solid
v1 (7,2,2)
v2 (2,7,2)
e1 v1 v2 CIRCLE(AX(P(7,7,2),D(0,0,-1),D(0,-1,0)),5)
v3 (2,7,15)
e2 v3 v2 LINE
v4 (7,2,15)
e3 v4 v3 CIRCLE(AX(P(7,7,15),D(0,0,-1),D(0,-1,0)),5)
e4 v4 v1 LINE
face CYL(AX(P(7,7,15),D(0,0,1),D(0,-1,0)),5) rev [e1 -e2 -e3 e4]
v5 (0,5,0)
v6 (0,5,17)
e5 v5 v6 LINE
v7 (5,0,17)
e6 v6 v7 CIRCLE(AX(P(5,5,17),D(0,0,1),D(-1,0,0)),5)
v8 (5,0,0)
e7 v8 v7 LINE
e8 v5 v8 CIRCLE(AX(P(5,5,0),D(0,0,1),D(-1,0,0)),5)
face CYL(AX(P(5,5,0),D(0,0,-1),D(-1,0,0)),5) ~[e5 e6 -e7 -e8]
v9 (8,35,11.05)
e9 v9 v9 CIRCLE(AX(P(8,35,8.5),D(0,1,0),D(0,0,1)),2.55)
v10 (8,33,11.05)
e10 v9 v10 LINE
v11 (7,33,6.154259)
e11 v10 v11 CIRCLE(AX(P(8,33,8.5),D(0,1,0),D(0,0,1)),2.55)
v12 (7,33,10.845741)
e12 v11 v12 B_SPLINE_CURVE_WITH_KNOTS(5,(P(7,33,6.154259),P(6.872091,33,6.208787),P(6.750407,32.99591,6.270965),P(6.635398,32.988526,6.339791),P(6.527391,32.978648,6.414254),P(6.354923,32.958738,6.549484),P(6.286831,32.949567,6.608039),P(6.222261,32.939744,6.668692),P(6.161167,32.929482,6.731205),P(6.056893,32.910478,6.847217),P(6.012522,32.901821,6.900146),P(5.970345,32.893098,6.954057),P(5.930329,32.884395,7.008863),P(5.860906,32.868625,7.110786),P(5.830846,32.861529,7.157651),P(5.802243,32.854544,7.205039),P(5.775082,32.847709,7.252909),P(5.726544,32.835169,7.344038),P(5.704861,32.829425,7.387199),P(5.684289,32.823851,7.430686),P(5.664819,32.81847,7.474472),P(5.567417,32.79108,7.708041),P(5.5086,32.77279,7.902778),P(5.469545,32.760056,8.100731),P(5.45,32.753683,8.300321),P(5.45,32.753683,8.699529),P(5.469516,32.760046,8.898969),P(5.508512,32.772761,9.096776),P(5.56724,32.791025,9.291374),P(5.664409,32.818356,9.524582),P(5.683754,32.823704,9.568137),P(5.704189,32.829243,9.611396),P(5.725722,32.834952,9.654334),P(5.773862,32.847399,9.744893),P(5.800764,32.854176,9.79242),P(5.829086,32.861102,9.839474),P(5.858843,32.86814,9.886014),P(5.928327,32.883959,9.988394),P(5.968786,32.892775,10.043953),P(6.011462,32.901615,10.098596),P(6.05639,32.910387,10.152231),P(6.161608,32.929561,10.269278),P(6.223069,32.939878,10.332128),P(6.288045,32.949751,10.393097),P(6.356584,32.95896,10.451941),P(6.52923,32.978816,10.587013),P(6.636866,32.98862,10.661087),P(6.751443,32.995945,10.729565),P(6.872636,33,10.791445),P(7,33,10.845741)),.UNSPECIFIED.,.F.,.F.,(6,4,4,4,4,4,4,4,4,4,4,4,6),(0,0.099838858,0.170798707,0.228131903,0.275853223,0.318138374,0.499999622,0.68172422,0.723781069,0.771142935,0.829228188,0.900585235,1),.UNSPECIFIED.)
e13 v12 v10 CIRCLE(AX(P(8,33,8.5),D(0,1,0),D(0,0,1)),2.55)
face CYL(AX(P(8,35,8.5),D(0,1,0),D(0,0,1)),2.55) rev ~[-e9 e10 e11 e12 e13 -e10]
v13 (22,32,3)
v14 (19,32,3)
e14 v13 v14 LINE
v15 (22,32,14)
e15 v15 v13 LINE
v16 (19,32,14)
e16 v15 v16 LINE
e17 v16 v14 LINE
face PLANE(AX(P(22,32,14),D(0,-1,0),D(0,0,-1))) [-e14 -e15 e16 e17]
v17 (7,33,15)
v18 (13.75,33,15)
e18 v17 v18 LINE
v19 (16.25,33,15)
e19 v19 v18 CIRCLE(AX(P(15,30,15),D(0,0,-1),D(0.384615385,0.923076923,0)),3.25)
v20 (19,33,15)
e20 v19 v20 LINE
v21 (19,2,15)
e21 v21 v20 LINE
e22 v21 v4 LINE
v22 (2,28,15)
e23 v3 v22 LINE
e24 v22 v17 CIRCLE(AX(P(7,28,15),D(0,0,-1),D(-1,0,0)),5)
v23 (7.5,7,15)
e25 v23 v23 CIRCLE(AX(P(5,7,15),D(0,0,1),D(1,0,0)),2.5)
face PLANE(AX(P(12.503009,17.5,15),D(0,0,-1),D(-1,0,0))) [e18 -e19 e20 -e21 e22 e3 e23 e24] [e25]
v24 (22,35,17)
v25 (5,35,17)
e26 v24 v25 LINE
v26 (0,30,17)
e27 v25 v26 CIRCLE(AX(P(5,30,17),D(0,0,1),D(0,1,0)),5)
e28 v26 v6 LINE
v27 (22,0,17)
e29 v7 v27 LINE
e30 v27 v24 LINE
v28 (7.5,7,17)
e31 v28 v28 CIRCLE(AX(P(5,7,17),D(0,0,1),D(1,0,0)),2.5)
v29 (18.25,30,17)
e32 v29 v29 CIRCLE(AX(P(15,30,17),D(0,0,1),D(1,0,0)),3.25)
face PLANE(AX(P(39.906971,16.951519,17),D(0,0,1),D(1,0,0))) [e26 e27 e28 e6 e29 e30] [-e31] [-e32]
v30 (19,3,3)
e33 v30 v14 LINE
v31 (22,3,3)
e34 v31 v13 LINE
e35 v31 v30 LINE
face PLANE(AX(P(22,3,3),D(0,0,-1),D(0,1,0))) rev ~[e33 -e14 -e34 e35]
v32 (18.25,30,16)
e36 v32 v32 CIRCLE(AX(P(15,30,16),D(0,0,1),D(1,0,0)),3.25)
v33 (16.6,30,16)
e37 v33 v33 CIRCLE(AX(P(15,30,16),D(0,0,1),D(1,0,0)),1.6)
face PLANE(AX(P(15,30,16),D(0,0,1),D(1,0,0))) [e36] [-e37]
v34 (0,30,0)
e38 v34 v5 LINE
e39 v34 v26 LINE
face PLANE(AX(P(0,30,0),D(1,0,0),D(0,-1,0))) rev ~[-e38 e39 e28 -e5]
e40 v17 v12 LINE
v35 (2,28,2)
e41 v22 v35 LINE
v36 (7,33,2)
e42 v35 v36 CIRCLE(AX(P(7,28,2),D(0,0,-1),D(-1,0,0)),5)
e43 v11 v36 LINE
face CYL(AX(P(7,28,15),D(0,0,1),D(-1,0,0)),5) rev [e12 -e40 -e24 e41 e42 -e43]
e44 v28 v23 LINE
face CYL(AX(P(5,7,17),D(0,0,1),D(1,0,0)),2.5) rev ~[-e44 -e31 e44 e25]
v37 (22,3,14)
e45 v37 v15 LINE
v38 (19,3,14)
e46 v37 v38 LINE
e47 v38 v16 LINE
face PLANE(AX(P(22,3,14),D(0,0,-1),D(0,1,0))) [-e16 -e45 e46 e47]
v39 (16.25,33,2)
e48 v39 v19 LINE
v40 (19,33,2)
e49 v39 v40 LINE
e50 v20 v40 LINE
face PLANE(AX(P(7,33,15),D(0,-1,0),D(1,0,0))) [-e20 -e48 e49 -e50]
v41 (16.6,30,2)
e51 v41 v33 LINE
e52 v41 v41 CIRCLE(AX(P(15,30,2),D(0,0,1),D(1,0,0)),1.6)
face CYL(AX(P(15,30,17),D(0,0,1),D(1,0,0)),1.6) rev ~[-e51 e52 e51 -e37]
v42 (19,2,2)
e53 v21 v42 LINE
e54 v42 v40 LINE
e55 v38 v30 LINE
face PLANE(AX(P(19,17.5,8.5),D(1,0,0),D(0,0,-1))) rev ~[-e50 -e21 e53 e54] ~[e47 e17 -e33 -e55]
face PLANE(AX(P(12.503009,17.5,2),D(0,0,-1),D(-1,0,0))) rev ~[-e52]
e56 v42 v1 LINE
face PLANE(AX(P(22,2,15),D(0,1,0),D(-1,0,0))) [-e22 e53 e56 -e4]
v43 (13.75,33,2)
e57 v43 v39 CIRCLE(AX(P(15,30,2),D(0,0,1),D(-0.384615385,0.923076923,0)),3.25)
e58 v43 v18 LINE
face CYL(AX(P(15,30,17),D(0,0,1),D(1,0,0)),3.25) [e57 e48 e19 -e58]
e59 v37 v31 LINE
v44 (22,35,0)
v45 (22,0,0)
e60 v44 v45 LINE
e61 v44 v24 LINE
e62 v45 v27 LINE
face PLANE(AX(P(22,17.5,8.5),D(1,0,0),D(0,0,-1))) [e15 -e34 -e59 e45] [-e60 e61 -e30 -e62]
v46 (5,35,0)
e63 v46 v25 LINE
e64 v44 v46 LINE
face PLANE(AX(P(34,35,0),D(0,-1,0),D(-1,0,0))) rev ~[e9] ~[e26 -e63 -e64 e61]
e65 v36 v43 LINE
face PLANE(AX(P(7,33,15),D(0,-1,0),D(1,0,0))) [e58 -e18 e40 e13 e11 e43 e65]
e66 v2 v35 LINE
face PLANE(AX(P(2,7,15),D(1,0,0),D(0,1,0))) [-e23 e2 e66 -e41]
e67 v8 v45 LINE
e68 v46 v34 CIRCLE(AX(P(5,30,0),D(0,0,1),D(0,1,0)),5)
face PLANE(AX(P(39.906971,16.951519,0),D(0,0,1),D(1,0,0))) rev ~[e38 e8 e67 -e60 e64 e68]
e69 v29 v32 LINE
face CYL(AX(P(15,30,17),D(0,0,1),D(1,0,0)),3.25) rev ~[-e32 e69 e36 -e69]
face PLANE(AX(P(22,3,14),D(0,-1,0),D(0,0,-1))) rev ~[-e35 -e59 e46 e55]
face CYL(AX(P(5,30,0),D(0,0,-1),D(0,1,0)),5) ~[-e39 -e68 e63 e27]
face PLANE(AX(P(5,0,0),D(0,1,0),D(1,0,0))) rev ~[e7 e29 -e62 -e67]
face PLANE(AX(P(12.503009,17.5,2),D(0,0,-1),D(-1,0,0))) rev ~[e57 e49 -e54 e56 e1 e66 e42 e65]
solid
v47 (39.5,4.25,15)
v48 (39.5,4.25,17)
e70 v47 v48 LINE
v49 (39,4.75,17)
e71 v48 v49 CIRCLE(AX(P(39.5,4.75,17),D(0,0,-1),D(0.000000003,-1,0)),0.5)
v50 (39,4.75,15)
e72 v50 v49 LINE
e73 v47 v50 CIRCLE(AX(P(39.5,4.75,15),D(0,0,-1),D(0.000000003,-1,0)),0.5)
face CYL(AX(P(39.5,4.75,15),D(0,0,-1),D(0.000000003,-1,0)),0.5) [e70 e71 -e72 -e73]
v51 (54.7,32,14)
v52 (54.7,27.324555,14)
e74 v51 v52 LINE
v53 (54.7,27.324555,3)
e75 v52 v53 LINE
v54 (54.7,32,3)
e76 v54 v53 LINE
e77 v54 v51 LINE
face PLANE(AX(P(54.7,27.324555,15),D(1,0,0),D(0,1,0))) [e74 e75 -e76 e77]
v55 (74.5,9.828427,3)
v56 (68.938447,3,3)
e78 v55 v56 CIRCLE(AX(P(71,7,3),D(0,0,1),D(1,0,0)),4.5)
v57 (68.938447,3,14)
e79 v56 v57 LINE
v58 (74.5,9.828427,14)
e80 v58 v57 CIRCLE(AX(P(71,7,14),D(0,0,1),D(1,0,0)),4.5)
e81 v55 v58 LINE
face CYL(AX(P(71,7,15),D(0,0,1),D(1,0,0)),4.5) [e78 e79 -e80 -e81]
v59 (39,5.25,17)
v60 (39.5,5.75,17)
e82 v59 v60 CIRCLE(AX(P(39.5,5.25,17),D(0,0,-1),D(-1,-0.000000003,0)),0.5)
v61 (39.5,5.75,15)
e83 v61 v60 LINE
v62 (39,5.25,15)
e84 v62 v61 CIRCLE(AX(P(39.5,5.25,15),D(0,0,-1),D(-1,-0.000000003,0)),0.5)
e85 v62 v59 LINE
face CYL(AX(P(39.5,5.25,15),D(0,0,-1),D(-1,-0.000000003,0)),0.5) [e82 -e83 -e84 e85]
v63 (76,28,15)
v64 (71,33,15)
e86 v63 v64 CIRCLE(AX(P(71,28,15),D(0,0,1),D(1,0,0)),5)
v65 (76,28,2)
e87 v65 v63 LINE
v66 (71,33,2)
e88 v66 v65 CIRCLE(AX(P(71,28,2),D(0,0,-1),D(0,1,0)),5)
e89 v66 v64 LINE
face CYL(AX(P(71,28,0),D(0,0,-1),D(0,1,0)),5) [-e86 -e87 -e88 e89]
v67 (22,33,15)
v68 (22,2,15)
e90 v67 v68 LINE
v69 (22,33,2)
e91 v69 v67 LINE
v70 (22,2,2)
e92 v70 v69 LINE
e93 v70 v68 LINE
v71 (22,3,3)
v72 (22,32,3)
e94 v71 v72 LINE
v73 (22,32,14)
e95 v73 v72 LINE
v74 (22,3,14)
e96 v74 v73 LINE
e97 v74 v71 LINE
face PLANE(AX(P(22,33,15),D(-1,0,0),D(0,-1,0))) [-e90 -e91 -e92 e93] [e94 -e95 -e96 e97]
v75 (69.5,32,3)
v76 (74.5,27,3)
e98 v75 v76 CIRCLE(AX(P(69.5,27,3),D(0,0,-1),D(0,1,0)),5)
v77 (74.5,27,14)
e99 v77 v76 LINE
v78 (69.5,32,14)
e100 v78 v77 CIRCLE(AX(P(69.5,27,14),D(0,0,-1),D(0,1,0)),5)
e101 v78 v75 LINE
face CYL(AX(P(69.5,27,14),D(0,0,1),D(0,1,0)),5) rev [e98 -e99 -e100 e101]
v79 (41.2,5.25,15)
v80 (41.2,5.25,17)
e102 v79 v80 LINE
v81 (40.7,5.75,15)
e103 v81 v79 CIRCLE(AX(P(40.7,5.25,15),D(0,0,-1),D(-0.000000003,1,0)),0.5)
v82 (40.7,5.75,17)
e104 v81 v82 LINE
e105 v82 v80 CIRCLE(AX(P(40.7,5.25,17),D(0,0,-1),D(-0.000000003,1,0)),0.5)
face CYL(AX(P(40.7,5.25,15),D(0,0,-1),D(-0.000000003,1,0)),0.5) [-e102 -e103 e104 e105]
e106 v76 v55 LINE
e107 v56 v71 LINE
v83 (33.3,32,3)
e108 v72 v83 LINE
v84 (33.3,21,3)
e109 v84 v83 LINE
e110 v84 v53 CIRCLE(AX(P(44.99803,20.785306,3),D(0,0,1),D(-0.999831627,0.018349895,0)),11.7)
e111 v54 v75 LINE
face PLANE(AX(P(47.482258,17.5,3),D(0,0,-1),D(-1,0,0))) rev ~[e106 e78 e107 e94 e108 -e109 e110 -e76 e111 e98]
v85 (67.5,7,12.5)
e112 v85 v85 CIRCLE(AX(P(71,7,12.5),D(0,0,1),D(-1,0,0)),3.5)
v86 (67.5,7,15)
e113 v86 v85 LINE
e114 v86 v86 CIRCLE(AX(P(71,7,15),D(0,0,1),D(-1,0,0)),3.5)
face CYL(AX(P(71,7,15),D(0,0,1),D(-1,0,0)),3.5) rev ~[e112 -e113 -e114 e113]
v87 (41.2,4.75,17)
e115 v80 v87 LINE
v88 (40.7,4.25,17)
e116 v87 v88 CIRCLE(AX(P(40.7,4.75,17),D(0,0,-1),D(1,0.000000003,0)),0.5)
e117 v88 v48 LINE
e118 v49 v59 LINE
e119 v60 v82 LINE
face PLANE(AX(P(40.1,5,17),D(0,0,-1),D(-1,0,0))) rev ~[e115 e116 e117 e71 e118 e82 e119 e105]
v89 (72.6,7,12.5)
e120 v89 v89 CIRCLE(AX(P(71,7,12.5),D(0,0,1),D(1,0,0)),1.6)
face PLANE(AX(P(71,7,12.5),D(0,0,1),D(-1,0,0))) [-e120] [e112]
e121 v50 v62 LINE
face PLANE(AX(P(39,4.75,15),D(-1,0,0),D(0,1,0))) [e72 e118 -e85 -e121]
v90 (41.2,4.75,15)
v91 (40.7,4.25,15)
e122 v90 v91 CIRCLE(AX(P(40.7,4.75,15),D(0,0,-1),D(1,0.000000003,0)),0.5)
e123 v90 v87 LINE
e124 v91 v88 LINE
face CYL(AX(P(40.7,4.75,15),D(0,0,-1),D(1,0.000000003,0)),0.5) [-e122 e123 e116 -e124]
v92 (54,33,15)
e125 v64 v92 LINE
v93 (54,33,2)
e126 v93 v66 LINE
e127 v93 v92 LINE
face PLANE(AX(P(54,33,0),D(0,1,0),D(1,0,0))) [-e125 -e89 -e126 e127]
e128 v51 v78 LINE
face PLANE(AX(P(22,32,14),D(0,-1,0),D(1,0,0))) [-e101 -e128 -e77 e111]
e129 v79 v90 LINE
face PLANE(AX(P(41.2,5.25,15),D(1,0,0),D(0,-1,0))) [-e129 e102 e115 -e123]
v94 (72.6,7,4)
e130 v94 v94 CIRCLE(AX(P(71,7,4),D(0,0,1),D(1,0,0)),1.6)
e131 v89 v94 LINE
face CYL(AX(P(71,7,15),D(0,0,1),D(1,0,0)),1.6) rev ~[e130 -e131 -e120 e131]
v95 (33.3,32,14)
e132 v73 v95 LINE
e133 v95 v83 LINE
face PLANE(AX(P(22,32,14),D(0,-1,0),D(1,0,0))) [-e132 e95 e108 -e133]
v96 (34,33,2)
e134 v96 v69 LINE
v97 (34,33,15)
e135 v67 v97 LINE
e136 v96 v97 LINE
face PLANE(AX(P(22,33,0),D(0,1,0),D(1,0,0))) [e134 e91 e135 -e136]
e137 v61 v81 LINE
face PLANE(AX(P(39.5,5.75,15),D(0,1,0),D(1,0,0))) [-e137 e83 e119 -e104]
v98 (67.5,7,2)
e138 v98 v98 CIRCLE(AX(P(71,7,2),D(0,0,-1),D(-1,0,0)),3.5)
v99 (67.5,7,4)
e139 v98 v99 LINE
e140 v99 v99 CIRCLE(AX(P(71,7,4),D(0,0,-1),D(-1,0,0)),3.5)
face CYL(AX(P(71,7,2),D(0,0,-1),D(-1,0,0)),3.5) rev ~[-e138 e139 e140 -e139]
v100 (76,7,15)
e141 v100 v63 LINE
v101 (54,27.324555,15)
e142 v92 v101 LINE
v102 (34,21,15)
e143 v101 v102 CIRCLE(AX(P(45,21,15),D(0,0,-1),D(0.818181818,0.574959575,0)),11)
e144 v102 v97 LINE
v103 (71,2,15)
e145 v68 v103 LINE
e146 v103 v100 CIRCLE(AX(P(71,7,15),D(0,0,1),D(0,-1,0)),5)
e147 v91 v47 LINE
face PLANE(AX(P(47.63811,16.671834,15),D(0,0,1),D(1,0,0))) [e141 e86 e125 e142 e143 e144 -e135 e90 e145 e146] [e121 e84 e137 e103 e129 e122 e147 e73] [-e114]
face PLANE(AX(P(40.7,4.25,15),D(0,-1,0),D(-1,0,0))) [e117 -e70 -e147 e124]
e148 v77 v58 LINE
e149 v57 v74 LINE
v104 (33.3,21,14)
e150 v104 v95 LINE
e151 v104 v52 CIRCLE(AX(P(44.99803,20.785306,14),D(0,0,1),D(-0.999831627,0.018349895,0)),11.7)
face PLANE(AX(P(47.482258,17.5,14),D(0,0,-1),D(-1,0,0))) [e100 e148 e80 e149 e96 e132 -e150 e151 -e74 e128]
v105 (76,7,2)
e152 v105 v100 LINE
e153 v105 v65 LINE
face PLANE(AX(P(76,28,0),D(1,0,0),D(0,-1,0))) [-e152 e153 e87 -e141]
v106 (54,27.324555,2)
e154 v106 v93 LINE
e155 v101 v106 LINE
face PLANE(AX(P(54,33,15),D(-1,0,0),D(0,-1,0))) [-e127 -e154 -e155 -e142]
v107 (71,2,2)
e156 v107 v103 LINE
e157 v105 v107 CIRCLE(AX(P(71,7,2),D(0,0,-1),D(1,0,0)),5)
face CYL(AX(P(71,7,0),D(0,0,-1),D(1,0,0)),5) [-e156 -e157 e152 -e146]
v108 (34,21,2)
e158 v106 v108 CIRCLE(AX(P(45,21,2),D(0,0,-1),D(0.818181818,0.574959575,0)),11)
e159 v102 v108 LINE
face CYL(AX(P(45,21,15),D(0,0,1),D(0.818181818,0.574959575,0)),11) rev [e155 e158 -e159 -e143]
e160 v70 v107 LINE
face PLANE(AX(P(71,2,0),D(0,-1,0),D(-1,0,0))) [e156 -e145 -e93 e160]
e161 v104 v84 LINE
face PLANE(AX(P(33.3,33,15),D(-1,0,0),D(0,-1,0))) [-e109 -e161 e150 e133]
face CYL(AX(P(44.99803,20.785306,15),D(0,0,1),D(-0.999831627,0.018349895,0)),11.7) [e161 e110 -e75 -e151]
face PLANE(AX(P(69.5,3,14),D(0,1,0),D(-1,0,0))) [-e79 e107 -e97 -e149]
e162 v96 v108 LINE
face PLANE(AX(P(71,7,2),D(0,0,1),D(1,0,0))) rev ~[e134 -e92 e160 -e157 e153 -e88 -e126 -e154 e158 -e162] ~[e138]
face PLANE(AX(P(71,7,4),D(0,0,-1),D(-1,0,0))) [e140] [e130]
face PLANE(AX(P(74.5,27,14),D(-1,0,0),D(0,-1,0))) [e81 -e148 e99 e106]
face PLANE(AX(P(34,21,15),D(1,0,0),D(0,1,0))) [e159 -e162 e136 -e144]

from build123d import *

# Parameters (mm, degrees)
BOSS_EXTRUDE1_DEPTH  = 17
CUT_EXTRUDE1_START   = -17
SKETCH3_W            = 12
SKETCH3_H            = 2
CUT_EXTRUDE1_DEPTH   = 17
CUT_EXTRUDE2_START   = -2
CUT_EXTRUDE2_DEPTH   = 2
SKETCH5_W            = 60
SKETCH5_H            = 35
CUT_EXTRUDE3_DEPTH   = 2
CUT_EXTRUDE4_DEPTH   = 11
CUT_EXTRUDE11_DEPTH  = 13
BOSS_EXTRUDE2_DEPTH  = 2
SKETCH13_R           = 2.5
CUT_EXTRUDE12_DEPTH  = 5
SKETCH14_R           = 2.55
CUT_EXTRUDE14_DEPTH  = 15
BOSS_EXTRUDE5_REACH  = 87.381
SKETCH15_R           = 3.25
SKETCH15_R_2         = 1.6
SKETCH15_4_R         = 3.25
SKETCH15_4_R_2       = 1.6
CUT_EXTRUDE16_DEPTH  = 1
SKETCH18_R           = 1.6
CUT_EXTRUDE17_DEPTH  = 15
SKETCH20_R           = 4.5
SKETCH20_R_2         = 1.6
BOSS_EXTRUDE6_DEPTH  = 13
SKETCH20_3_R         = 1.6
CUT_EXTRUDE20_DEPTH  = 86.005882191
SKETCH22_W           = 13
SKETCH22_H           = 31
SKETCH22_W_2         = 11
SKETCH22_H_2         = 29
BOSS_EXTRUDE7_DEPTH  = 3
SKETCH21_R           = 3.5
CUT_EXTRUDE21_DEPTH  = 2
SKETCH29_R           = 3.5
CUT_EXTRUDE22_DEPTH  = 2.5
BOSS_EXTRUDE10_DEPTH = 13


with BuildPart() as part:
    # Sketch1 → Boss-Extrude1 (new body)
    with BuildSketch(Plane.XY):
        with BuildLine():
            ThreePointArc((0, 5), (1.464466094, 1.464466094), (5, 0))
            Line((5, 0), (73, 0))
            ThreePointArc((73, 0), (76.535533906, 1.464466094), (78, 5))
            Line((78, 5), (78, 30))
            ThreePointArc((78, 30), (76.535533906, 33.535533906), (73, 35))
            Line((73, 35), (54, 35))
            Line((54, 35), (54, 27.32455532))
            ThreePointArc((54, 27.32455532), (48.31662479, 10.511911518), (34, 21))
            Line((34, 21), (34, 35))
            Line((34, 35), (5, 35))
            ThreePointArc((5, 35), (1.464466094, 33.535533906), (0, 30))
            Line((0, 30), (0, 5))
        make_face()
    extrude(amount=BOSS_EXTRUDE1_DEPTH)

    # Sketch3 → Cut-Extrude1 (cut)
    with BuildSketch(Plane.XY.offset(17).offset(CUT_EXTRUDE1_START)):
        with Locations((28, 34)):
            Rectangle(SKETCH3_W, SKETCH3_H)
        with BuildLine():
            Line((54, 33), (71, 33))
            ThreePointArc((71, 33), (74.535533906, 31.535533906), (76, 28))
            Line((76, 28), (76, 7))
            ThreePointArc((76, 7), (74.535533906, 3.464466094), (71, 2))
            Line((71, 2), (22, 2))
            Line((22, 2), (22, 0))
            Line((22, 0), (73, 0))
            ThreePointArc((73, 0), (76.535533906, 1.464466094), (78, 5))
            Line((78, 5), (78, 30))
            ThreePointArc((78, 30), (76.535533906, 33.535533906), (73, 35))
            Line((73, 35), (54, 35))
            Line((54, 35), (54, 33))
        make_face()
    extrude(amount=CUT_EXTRUDE1_DEPTH, mode=Mode.SUBTRACT)

    # Sketch3<3> → Cut-Extrude2 (cut)
    with BuildSketch(Plane.XY.offset(17).offset(CUT_EXTRUDE2_START)):
        with BuildLine():
            ThreePointArc((76, 28), (74.535533906, 31.535533906), (71, 33))
            Line((71, 33), (54, 33))
            Line((54, 33), (54, 27.32455532))
            ThreePointArc((54, 27.32455532), (48.31662479, 10.511911518), (34, 21))
            Line((34, 21), (34, 33))
            Line((34, 33), (22, 33))
            Line((22, 33), (22, 2))
            Line((22, 2), (71, 2))
            ThreePointArc((71, 2), (74.535533906, 3.464466094), (76, 7))
            Line((76, 7), (76, 28))
        make_face()
    extrude(amount=CUT_EXTRUDE2_DEPTH, mode=Mode.SUBTRACT)

    # Sketch5 → Cut-Extrude3 (cut)
    with BuildSketch(Plane(origin=(0, 0, 0), x_dir=(-1, 0, 0), z_dir=(0, 0, -1))):
        with Locations((-52, 15.5)):
            Rectangle(SKETCH5_W, SKETCH5_H)
    extrude(amount=-CUT_EXTRUDE3_DEPTH, mode=Mode.SUBTRACT)

    # Sketch6 → Cut-Extrude4 (cut)
    with BuildSketch(Plane.XY.offset(14)):
        with BuildLine():
            Line((22, 32), (69.5, 32))
            ThreePointArc((69.5, 32), (73.035533906, 30.535533906), (74.5, 27))
            Line((74.5, 27), (74.5, 8))
            ThreePointArc((74.5, 8), (73.035533906, 4.464466094), (69.5, 3))
            Line((69.5, 3), (22, 3))
            Line((22, 3), (22, 32))
        make_face()
    extrude(amount=-CUT_EXTRUDE4_DEPTH, mode=Mode.SUBTRACT)

    # Sketch11 → Cut-Extrude11 (cut)
    with BuildSketch(Plane.XY.offset(15)):
        with BuildLine():
            Line((22, 2), (7, 2))
            ThreePointArc((7, 2), (3.464466094, 3.464466094), (2, 7))
            Line((2, 7), (2, 28))
            ThreePointArc((2, 28), (3.464466094, 31.535533906), (7, 33))
            Line((7, 33), (22, 33))
            Line((22, 33), (22, 2))
        make_face()
    extrude(amount=-CUT_EXTRUDE11_DEPTH, mode=Mode.SUBTRACT)


with BuildPart() as cut_extrude11_piece_1:
    # of the separate pieces the step leaves, piece 1, a body of its own (cut_extrude11_pieces)
    add(part.part.solids().sort_by_distance((0, 30, 0))[0])

    # Sketch13 → Cut-Extrude12 (cut)
    with BuildSketch(Plane.XY.offset(17)):
        with Locations((5, 7)):
            Circle(SKETCH13_R)
    extrude(amount=-CUT_EXTRUDE12_DEPTH, mode=Mode.SUBTRACT)

    # Sketch14 → Cut-Extrude14 (cut)
    with BuildSketch(Plane(origin=(0, 35, 0), x_dir=(1, 0, 0), z_dir=(0, 1, 0))):
        with Locations(Location((8, -8.5, 0), (0, 0, 270))):
            Circle(SKETCH14_R)
    extrude(amount=-CUT_EXTRUDE14_DEPTH, mode=Mode.SUBTRACT)

    # Sketch15 → Boss-Extrude5 (add, up to next)
    with BuildSketch(Plane.XY.offset(17), mode=Mode.PRIVATE) as boss_extrude5_sk1:
        with Locations((15, 30)):
            Circle(SKETCH15_R)
        with Locations((15, 30)):
            Circle(SKETCH15_R_2, mode=Mode.SUBTRACT)
    boss_extrude5_tool1 = extrude(boss_extrude5_sk1.sketch, amount=-BOSS_EXTRUDE5_REACH, mode=Mode.PRIVATE) - cut_extrude11_piece_1.part
    add(boss_extrude5_tool1.solids().sort_by_distance((11.841924, 30, 17))[0])

    # Sketch15<4> → Cut-Extrude16 (cut)
    with BuildSketch(Plane.XY.offset(17)):
        with Locations((15, 30)):
            Circle(SKETCH15_4_R)
        with Locations((15, 30)):
            Circle(SKETCH15_4_R_2, mode=Mode.SUBTRACT)
    extrude(amount=-CUT_EXTRUDE16_DEPTH, mode=Mode.SUBTRACT)

    # Sketch18 → Cut-Extrude17 (cut)
    with BuildSketch(Plane.XY.offset(17)):
        with Locations((15, 30)):
            Circle(SKETCH18_R)
    extrude(amount=-CUT_EXTRUDE17_DEPTH, mode=Mode.SUBTRACT)

    # Sketch22 → Boss-Extrude7 (add)
    with BuildSketch(Plane(origin=(22, 0, 0), x_dir=(0, 0, -1), z_dir=(1, 0, 0))):
        with Locations((-8.5, 17.5)):
            Rectangle(SKETCH22_W, SKETCH22_H)
        with Locations((-8.5, 17.5)):
            Rectangle(SKETCH22_W_2, SKETCH22_H_2, mode=Mode.SUBTRACT)
    extrude(amount=-BOSS_EXTRUDE7_DEPTH)


with BuildPart() as cut_extrude11_piece_2:
    # of the separate pieces the step leaves, piece 2, a body of its own (cut_extrude11_pieces)
    add(part.part.solids().sort_by_distance((34, 33, 2))[0])

    # Sketch12 → Boss-Extrude2 (add)
    with BuildSketch(Plane.XY.offset(15)):
        with BuildLine():
            Line((39.5, 5.75), (40.7, 5.75))
            ThreePointArc((40.7, 5.75), (41.053553391, 5.603553391), (41.2, 5.25))
            Line((41.2, 5.25), (41.2, 4.75))
            ThreePointArc((41.2, 4.75), (41.053553391, 4.396446609), (40.7, 4.25))
            Line((40.7, 4.25), (39.5, 4.25))
            ThreePointArc((39.5, 4.25), (39.146446609, 4.396446609), (39, 4.75))
            Line((39, 4.75), (39, 5.25))
            ThreePointArc((39, 5.25), (39.146446609, 5.603553391), (39.5, 5.75))
        make_face()
    extrude(amount=BOSS_EXTRUDE2_DEPTH)

    # Sketch20 → Boss-Extrude6 (add)
    with BuildSketch(Plane.XY.offset(15)):
        with Locations((71, 7)):
            Circle(SKETCH20_R)
        with Locations((71, 7)):
            Circle(SKETCH20_R_2, mode=Mode.SUBTRACT)
    extrude(amount=-BOSS_EXTRUDE6_DEPTH)

    # Sketch20<3> → Cut-Extrude20 (cut, through all)
    with BuildSketch(Plane.XY.offset(15)):
        with Locations((71, 7)):
            Circle(SKETCH20_3_R)
    extrude(amount=-CUT_EXTRUDE20_DEPTH, mode=Mode.SUBTRACT)

    # Sketch21 → Cut-Extrude21 (cut)
    with BuildSketch(Plane(origin=(0, 0, 2), x_dir=(-1, 0, 0), z_dir=(0, 0, -1))):
        with Locations((-71, 7)):
            Circle(SKETCH21_R)
    extrude(amount=-CUT_EXTRUDE21_DEPTH, mode=Mode.SUBTRACT)

    # Sketch29 → Cut-Extrude22 (cut)
    with BuildSketch(Plane.XY.offset(15)):
        with Locations(Location((71, 7, 0), (0, 0, 180))):
            Circle(SKETCH29_R)
    extrude(amount=-CUT_EXTRUDE22_DEPTH, mode=Mode.SUBTRACT)

    # Sketch36 → Boss-Extrude10 (add)
    with BuildSketch(Plane.XY.offset(15)):
        with BuildLine():
            Line((34, 21), (34, 33))
            Line((34, 33), (33.3, 33))
            Line((33.3, 33), (33.3, 21))
            ThreePointArc((33.3, 21), (48.314061384, 9.565059525), (54.7, 27.32455532))
            Line((54.7, 27.32455532), (54.7, 33))
            Line((54.7, 33), (54, 33))
            Line((54, 33), (54, 27.32455532))
            ThreePointArc((54, 27.32455532), (48.31662479, 10.511911518), (34, 21))
        make_face()
    extrude(amount=-BOSS_EXTRUDE10_DEPTH)


solid = Compound([cut_extrude11_piece_1.part, cut_extrude11_piece_2.part])
